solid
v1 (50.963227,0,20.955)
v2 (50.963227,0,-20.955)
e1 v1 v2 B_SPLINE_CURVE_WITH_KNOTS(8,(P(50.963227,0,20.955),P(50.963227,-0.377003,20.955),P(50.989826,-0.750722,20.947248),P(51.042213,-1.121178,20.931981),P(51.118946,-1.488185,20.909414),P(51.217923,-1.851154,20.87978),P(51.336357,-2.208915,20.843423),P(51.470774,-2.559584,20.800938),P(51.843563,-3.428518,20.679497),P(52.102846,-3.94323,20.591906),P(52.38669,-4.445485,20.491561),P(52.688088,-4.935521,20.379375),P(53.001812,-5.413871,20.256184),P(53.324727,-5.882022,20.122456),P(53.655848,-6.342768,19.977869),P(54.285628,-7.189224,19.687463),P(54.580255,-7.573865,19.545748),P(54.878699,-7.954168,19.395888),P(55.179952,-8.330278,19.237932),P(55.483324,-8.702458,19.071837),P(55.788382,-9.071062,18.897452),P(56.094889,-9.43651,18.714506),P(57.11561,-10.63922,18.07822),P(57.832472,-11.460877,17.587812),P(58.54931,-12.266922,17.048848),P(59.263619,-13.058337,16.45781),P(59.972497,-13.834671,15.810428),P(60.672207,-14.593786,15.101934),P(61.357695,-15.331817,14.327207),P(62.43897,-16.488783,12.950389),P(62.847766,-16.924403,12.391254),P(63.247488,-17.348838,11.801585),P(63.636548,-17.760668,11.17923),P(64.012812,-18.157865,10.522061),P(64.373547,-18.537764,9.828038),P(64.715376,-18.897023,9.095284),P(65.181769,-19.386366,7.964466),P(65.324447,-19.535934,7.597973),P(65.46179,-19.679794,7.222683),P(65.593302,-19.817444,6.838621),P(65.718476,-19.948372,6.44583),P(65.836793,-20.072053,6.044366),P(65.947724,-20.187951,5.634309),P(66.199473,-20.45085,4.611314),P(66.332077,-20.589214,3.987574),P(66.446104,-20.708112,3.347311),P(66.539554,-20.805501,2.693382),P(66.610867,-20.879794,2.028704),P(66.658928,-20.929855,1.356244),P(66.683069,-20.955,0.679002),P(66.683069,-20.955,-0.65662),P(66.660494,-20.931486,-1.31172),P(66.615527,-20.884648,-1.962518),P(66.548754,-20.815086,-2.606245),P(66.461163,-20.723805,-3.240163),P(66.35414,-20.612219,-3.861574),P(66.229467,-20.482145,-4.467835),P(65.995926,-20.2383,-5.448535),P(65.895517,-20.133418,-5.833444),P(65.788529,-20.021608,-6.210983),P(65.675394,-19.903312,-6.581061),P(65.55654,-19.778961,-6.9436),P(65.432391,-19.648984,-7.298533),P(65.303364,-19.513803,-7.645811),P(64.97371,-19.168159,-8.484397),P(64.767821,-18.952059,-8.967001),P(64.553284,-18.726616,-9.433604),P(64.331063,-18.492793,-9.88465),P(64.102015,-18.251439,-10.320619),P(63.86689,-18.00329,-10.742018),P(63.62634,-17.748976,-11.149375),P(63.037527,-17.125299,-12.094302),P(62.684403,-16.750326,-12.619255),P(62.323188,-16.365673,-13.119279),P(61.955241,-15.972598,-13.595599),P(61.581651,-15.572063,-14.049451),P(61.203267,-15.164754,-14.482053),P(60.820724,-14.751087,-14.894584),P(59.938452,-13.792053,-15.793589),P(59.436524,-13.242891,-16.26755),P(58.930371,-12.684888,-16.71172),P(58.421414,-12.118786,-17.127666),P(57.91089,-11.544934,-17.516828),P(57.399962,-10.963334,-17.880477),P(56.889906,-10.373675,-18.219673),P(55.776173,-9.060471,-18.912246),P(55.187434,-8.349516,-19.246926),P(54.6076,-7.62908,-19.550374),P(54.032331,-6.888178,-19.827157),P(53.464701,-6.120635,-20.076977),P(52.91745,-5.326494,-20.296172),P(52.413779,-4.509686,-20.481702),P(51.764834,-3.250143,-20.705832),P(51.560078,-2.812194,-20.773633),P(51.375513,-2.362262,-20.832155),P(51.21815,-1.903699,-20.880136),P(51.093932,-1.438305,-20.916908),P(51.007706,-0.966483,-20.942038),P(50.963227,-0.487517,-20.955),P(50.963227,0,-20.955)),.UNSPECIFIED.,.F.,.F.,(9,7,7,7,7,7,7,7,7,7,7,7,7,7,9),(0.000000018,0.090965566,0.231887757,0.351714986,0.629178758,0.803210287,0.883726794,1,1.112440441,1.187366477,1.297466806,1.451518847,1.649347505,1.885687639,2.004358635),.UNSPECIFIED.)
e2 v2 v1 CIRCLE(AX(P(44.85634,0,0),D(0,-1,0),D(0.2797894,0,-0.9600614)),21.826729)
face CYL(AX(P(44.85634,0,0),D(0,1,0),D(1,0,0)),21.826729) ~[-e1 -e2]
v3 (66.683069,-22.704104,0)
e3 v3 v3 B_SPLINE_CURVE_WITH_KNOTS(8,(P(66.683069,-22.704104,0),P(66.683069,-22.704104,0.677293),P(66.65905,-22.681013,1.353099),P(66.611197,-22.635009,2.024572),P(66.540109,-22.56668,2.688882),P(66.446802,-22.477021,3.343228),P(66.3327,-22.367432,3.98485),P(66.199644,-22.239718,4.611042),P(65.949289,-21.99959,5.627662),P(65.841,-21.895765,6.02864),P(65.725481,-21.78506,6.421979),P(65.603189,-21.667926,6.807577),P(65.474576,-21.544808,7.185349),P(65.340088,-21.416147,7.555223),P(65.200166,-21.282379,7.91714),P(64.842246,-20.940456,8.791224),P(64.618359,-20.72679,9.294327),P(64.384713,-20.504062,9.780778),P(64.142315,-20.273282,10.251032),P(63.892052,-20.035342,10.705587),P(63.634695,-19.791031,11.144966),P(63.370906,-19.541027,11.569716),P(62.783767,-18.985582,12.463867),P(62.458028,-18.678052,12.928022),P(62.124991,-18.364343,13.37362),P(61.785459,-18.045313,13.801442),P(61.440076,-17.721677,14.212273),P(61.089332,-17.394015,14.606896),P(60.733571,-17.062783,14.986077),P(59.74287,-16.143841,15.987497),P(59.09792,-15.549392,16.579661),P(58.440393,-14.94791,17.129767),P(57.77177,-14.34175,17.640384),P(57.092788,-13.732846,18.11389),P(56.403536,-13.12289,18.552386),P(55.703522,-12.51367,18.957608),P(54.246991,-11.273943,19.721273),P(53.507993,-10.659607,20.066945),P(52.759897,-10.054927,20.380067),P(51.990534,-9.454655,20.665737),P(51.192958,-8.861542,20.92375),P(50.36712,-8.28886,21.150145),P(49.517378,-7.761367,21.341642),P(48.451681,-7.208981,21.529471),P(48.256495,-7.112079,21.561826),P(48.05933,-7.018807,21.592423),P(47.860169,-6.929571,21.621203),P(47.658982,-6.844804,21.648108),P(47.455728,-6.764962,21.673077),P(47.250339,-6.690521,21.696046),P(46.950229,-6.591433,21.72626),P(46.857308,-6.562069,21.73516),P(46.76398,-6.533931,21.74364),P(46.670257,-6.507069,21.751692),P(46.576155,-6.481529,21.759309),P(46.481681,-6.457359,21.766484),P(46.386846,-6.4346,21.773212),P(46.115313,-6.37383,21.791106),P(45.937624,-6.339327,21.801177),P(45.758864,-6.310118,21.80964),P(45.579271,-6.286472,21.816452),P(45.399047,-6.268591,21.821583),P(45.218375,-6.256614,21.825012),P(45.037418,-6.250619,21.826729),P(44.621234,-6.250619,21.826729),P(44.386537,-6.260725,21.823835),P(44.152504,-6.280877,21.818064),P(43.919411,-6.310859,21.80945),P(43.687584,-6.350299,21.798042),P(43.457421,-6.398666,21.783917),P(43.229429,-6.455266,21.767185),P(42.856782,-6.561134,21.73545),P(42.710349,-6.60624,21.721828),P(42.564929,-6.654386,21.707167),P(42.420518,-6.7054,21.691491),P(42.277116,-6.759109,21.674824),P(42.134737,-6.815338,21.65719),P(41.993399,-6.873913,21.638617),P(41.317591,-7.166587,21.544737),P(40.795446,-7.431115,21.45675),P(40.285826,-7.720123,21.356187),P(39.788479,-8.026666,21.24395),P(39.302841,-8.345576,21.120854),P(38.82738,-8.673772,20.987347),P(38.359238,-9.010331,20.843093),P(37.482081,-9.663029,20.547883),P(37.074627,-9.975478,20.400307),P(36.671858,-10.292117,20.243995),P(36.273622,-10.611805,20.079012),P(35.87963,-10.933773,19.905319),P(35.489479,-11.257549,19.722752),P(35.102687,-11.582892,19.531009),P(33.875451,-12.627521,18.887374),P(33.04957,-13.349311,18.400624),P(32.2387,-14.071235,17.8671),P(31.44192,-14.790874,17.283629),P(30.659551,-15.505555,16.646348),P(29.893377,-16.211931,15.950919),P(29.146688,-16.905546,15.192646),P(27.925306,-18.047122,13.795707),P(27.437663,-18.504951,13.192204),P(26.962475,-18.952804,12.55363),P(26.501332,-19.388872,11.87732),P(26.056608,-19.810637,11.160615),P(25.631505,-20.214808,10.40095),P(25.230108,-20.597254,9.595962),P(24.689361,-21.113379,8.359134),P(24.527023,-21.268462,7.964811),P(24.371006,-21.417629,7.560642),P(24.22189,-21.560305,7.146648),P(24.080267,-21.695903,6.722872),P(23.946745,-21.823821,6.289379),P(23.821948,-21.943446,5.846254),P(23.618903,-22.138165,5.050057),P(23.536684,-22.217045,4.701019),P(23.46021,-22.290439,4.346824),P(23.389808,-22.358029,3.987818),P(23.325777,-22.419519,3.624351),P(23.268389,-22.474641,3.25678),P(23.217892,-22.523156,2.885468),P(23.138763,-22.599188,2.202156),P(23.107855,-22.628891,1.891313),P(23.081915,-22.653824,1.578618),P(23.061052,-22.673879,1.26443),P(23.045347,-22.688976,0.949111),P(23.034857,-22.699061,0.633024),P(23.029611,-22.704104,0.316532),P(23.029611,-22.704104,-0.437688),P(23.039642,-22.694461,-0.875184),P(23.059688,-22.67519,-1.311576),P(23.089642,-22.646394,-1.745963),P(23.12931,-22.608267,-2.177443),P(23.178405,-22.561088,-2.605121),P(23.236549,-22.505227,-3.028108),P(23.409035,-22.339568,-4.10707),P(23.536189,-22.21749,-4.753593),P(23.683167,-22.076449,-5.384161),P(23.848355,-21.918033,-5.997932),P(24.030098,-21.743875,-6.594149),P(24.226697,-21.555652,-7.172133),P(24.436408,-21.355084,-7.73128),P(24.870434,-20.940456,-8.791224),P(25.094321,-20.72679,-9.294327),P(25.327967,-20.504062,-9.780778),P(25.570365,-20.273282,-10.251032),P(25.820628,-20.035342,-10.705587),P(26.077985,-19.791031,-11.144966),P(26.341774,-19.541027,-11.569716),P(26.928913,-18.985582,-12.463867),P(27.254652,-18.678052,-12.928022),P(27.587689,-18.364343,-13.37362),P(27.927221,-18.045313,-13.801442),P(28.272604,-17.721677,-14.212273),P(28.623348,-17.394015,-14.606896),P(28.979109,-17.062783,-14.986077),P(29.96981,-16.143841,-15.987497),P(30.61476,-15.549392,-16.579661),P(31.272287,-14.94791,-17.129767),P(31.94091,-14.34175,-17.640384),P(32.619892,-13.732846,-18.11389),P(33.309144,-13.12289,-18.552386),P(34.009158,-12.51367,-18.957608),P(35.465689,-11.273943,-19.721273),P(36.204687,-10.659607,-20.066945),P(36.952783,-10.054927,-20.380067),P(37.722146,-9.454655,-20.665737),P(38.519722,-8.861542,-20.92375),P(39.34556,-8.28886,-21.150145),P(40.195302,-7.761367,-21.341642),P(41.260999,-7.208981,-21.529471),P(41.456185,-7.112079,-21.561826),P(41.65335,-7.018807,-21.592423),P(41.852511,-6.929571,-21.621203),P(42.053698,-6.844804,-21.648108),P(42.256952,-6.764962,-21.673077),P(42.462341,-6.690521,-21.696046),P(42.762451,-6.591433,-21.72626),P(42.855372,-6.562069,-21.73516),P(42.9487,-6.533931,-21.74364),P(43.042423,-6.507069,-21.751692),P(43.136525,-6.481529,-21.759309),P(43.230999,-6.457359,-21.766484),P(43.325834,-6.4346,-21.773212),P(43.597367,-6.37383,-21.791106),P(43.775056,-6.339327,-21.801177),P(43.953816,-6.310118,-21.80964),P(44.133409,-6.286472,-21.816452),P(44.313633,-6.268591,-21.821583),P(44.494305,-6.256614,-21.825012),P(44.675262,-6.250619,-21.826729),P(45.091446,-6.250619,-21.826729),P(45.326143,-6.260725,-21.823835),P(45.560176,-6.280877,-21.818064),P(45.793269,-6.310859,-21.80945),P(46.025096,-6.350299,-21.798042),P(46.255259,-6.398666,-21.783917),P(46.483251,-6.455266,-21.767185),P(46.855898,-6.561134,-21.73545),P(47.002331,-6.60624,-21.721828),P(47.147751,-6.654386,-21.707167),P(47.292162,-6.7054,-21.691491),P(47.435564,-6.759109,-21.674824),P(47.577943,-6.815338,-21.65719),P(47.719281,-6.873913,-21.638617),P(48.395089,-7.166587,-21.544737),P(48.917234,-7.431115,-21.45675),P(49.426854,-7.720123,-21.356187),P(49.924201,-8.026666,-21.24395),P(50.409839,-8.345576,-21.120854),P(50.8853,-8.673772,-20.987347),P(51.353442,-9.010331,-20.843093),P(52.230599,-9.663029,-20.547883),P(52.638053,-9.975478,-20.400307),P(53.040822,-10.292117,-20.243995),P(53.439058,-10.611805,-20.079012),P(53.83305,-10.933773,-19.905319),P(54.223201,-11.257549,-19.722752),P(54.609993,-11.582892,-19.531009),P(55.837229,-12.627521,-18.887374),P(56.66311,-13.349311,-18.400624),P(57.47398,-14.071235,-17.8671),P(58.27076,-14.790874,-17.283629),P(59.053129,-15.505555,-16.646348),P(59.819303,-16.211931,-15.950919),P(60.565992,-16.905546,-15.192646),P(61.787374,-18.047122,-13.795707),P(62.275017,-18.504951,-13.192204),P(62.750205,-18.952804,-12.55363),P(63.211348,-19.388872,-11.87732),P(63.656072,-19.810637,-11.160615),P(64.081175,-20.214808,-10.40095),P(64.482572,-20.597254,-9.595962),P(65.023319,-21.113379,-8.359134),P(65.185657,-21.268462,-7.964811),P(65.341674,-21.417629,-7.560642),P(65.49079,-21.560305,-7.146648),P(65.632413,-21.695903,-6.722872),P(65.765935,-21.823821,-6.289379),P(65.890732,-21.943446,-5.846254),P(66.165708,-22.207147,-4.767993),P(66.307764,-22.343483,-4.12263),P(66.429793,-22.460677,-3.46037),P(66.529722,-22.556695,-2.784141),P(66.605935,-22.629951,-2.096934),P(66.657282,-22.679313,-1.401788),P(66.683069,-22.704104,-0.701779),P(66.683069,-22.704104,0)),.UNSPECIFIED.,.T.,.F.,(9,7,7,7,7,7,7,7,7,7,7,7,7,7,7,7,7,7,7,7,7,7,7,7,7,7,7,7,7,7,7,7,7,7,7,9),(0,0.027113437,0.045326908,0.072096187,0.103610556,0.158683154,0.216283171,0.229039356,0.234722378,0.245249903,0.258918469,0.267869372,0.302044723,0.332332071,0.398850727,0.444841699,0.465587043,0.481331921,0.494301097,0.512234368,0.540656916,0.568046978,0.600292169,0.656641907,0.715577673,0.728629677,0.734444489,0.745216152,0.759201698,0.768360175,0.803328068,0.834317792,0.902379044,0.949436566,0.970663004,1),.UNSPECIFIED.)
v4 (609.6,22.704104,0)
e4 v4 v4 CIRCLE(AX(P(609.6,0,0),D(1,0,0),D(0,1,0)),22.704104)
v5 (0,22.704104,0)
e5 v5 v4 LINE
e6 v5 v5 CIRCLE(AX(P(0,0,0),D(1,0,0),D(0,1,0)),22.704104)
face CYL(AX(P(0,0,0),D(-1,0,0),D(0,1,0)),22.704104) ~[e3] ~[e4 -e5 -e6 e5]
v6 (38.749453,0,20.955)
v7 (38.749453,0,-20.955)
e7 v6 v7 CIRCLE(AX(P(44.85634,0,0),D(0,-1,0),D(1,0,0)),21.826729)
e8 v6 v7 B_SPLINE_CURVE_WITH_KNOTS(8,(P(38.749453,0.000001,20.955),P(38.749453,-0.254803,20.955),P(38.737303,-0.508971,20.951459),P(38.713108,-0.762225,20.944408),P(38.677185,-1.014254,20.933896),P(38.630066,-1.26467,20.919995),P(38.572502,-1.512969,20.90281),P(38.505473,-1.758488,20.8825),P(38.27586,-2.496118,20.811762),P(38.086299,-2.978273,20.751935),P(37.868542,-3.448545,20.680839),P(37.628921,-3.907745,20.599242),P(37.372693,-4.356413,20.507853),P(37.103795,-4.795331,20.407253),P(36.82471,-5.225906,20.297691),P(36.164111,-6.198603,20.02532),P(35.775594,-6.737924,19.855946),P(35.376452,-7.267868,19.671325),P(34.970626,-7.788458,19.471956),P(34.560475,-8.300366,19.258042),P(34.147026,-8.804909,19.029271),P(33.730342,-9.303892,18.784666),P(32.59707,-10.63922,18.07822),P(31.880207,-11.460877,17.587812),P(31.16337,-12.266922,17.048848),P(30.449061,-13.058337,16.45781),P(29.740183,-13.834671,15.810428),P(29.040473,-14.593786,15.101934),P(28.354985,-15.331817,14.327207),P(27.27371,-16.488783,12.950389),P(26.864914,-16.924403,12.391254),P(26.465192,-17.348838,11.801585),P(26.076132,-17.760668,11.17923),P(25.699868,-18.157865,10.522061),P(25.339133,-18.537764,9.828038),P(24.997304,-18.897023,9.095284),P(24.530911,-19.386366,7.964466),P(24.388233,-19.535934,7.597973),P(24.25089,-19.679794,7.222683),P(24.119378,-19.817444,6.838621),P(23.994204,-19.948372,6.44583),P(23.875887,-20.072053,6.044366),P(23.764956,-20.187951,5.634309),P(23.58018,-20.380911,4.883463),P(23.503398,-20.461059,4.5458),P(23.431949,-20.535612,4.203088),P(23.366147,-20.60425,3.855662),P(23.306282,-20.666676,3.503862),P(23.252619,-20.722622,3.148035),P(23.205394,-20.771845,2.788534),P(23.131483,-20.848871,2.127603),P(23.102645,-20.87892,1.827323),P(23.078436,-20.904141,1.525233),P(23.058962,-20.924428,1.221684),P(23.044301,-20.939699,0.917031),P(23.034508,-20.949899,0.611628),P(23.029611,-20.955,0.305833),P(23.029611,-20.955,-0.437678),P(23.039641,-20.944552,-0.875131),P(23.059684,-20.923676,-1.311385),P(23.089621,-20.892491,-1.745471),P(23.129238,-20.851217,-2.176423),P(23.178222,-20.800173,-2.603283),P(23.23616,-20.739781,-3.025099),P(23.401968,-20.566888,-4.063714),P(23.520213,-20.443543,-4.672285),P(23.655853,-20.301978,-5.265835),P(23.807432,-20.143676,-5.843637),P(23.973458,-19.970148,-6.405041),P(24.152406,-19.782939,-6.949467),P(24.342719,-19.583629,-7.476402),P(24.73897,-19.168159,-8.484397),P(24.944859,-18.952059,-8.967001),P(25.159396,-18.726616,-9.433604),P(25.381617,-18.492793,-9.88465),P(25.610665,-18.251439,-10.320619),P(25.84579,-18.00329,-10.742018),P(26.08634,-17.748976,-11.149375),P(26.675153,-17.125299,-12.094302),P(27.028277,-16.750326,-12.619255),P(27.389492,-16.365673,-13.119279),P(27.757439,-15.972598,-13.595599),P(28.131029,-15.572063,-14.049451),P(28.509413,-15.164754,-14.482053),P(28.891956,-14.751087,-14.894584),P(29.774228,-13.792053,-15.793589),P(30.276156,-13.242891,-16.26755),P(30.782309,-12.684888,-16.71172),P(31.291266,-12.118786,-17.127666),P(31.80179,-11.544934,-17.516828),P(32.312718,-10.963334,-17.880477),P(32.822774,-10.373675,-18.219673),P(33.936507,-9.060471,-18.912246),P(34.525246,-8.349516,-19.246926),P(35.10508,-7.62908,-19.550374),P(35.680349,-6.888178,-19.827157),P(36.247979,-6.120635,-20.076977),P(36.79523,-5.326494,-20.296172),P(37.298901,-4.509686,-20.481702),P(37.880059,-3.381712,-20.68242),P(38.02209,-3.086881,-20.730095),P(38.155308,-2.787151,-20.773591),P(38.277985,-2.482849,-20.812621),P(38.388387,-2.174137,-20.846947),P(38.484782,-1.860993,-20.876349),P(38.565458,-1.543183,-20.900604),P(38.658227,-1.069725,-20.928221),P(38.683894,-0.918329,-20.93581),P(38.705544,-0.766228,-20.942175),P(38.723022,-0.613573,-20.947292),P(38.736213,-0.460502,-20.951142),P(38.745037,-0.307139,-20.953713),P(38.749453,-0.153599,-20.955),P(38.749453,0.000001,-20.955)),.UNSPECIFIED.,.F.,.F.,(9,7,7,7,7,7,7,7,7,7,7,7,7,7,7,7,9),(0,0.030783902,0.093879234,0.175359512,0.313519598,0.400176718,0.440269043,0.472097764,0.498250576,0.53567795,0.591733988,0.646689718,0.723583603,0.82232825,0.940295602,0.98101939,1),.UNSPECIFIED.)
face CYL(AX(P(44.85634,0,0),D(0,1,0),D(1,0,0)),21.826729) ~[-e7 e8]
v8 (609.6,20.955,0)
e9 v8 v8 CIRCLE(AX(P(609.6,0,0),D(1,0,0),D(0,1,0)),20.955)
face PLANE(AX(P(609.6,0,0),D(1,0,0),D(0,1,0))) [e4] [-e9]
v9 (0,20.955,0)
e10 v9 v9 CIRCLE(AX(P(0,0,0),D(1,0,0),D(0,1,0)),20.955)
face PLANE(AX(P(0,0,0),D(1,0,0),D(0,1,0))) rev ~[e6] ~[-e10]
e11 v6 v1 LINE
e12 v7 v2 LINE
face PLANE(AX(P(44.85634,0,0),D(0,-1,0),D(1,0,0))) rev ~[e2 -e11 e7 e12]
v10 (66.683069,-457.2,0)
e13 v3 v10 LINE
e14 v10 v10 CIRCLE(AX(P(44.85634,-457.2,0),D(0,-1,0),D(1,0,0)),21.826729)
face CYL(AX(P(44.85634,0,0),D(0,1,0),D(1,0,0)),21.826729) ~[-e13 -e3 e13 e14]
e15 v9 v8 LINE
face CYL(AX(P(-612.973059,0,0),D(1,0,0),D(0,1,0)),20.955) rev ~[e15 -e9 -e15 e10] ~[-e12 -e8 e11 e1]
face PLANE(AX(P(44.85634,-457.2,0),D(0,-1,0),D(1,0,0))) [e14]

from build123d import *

# Parameters (mm, degrees)
F0_R     = 22.704104
F1_DEPTH = 609.6
F3_D     = 41.91
F4_R     = 21.826729
F5_DEPTH = 457.2


with BuildPart() as f1:
    # F0 (on Right) → F1 (new body)
    with BuildSketch(Plane.YZ):
        Circle(F0_R)
    extrude(amount=F1_DEPTH)

    # F3 (through all)
    with Locations(Plane(origin=(0, 0, 0), x_dir=(0, -1, 0), z_dir=(-1, 0, 0))):
        with Locations((0, 0)):
            Hole(F3_D / 2)

    # F4 (on Front) → F5 (join)
    with BuildSketch(Plane.XZ):
        with Locations((44.85634, 0)):
            Circle(F4_R)
    extrude(amount=F5_DEPTH)


solid = f1.part
